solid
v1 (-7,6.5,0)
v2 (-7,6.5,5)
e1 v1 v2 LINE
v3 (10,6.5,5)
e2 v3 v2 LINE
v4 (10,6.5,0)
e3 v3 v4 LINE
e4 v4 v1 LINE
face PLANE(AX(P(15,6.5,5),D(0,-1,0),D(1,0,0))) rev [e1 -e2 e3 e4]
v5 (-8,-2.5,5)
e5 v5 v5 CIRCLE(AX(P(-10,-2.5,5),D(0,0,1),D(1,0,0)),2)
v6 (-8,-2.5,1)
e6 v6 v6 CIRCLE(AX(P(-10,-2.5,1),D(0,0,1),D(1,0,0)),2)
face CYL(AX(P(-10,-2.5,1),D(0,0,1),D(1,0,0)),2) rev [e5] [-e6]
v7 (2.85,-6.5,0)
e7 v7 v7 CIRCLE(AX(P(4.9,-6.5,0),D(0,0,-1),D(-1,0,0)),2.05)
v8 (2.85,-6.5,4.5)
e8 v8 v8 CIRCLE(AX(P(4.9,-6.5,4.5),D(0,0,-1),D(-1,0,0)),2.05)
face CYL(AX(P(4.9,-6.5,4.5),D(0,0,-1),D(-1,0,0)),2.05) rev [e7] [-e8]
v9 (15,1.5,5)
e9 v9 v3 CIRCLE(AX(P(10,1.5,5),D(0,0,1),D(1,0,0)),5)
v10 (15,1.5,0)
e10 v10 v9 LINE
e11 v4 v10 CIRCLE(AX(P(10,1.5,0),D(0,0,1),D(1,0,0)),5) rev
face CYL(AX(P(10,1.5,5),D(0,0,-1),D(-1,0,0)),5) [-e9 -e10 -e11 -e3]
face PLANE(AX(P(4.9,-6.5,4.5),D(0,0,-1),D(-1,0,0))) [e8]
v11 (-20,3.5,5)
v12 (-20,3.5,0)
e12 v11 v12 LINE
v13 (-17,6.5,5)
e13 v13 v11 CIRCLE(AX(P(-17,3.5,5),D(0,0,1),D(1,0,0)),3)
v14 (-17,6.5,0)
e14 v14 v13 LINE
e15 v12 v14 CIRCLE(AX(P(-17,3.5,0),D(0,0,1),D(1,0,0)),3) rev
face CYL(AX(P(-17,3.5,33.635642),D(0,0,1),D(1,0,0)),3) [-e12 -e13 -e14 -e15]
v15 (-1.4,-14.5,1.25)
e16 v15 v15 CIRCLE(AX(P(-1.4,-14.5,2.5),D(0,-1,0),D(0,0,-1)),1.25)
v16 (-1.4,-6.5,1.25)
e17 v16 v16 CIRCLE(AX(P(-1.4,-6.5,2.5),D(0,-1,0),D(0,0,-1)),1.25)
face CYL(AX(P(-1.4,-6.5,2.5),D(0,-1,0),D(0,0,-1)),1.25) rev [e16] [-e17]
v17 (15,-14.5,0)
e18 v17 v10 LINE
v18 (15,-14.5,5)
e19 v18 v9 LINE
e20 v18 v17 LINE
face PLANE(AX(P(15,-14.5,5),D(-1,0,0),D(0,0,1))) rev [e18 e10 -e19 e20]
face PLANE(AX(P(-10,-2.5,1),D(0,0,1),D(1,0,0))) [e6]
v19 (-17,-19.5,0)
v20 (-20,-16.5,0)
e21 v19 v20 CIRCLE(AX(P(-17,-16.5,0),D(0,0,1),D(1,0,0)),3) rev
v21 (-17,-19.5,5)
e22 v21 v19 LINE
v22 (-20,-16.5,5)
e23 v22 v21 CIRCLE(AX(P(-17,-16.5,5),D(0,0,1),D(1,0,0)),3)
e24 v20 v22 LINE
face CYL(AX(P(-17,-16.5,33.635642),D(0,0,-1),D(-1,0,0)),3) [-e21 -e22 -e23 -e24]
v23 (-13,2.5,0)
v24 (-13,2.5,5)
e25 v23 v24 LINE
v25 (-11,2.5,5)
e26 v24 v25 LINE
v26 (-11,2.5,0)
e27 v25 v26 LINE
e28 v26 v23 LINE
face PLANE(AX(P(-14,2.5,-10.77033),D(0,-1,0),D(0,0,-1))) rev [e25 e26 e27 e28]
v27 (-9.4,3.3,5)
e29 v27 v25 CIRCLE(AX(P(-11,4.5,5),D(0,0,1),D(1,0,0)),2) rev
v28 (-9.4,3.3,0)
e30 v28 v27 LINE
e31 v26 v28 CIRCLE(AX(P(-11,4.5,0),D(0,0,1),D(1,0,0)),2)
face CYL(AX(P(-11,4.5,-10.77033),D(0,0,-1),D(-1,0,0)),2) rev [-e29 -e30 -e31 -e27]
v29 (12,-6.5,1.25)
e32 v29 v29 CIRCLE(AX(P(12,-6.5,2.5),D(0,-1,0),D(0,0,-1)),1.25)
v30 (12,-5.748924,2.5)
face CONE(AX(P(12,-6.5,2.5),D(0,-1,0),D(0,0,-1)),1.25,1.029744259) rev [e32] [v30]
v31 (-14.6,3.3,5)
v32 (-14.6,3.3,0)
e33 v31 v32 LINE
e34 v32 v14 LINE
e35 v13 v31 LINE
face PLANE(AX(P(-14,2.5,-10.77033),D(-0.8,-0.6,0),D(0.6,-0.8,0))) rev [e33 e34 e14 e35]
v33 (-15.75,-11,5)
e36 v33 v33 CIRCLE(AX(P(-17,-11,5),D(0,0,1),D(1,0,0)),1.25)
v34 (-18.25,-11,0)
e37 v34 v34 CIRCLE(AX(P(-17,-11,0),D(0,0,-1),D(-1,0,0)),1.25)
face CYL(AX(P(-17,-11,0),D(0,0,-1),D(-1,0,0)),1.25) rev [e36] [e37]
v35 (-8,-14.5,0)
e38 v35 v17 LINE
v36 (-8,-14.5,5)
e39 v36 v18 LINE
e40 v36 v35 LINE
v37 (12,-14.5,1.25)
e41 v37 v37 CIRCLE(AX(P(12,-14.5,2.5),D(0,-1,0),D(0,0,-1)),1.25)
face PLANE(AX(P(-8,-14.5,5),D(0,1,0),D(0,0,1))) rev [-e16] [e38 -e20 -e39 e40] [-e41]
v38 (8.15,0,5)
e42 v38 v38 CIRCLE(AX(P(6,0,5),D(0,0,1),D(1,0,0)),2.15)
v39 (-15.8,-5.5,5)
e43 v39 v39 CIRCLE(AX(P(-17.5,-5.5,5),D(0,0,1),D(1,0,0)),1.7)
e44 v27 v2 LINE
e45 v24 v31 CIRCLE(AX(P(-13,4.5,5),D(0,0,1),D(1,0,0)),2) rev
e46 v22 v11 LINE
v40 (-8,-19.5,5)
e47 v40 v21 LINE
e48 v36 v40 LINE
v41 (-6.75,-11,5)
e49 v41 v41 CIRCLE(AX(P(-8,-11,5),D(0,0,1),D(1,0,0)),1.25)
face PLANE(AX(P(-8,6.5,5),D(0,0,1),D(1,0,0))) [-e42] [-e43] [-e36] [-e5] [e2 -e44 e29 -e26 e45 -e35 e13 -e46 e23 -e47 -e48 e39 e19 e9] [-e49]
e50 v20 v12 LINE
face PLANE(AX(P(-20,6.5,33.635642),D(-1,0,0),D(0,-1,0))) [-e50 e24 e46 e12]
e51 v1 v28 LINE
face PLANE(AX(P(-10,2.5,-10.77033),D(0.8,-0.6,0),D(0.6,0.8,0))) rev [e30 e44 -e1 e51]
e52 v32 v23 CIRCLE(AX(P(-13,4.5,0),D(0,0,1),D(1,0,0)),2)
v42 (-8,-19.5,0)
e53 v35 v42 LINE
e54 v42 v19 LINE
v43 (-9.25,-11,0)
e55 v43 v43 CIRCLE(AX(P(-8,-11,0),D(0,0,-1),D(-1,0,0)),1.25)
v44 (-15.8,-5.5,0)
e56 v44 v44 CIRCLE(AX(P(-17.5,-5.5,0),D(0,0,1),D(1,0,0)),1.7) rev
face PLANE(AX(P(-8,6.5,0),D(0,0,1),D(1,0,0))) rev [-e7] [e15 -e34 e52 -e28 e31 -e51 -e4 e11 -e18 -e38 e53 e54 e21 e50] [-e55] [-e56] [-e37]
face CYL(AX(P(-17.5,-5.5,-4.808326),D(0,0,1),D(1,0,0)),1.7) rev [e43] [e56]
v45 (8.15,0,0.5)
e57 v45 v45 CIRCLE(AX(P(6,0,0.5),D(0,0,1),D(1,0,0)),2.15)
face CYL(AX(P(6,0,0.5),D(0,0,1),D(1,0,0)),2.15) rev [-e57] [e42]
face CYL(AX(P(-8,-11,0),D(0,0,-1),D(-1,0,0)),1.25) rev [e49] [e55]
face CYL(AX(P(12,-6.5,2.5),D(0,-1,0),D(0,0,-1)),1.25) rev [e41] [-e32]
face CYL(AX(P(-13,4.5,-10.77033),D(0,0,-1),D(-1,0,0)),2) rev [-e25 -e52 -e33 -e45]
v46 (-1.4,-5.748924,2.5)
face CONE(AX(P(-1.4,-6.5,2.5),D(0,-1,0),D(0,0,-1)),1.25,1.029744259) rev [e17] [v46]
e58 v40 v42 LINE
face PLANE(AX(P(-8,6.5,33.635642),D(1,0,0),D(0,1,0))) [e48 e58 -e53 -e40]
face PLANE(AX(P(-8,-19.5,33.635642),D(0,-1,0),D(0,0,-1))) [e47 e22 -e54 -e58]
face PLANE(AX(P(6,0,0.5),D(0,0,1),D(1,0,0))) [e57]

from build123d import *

# Parameters (mm, degrees)
SKETCH1_W             = 23
SKETCH1_H             = 21
EXTRUDE1_DEPTH        = 5
SKETCH2_R             = 2.15
EXTRUDE2_DEPTH        = 4.5
SKETCH4_R             = 1.25
EXTRUDE4_DEPTH        = 8
FILLET1_R             = 5
SKETCH6_R             = 2.05
EXTRUDE6_DEPTH        = 4.5
SKETCH9_W             = 12
SKETCH9_H             = 26
EXTRUDE9_DEPTH        = 5
SKETCH11_R            = 1.7
EXTRUDE11_DEPTH       = 5
SKETCH10_R            = 2
EXTRUDE10_DEPTH       = 4
M3_TAPPED_HOLE1_D     = 2.5
M3_TAPPED_HOLE1_DEPTH = 8
M3_TAPPED_HOLE1_TIP   = 0.751075774
FILLET3_R             = 3
EXTRUDE15_DEPTH       = 5
FILLET6_R             = 2
SKETCH16_R            = 0.75
EXTRUDE16_DEPTH       = 5
M3_TAPPED_HOLE2_D     = 2.5
M3_TAPPED_HOLE2_DEPTH = 7.5
M3_TAPPED_HOLE2_TIP   = 0.751075774


with BuildPart() as part:
    # Sketch1 → Extrude1 (new body)
    with BuildSketch(Plane.XY):
        with Locations((3.5, -4)):
            Rectangle(SKETCH1_W, SKETCH1_H)
    extrude(amount=EXTRUDE1_DEPTH)

    # Sketch2 → Extrude2 (cut)
    with BuildSketch(Plane.XY.offset(5)):
        with Locations((6, 0)):
            Circle(SKETCH2_R)
    extrude(amount=-EXTRUDE2_DEPTH, mode=Mode.SUBTRACT)

    # Sketch4 → Extrude4 (cut)
    with BuildSketch(Plane.XZ.offset(14.5)):
        with Locations(Location((-1.4, 2.5, 0), (0, 0, 270))):
            Circle(SKETCH4_R)
        with Locations(Location((12, 2.5, 0), (0, 0, 270))):
            Circle(SKETCH4_R)
    extrude(amount=-EXTRUDE4_DEPTH, mode=Mode.SUBTRACT)

    # Fillet1
    fillet1_edges = [part.edges().sort_by_distance(p)[0] for p in [
        (15, 6.5, 2.5),
    ]]
    fillet(fillet1_edges, radius=FILLET1_R)

    # Sketch6 → Extrude6 (cut)
    with BuildSketch(Plane(origin=(0, 0, 0), x_dir=(-1, 0, 0), z_dir=(0, 0, -1))):
        with Locations((-4.9, -6.5)):
            Circle(SKETCH6_R)
    extrude(amount=-EXTRUDE6_DEPTH, mode=Mode.SUBTRACT)

    # Sketch9 → Extrude9 (add)
    with BuildSketch(Plane(origin=(0, 0, 0), x_dir=(-1, 0, 0), z_dir=(0, 0, -1))):
        with Locations((14, -6.5)):
            Rectangle(SKETCH9_W, SKETCH9_H)
    extrude(amount=-EXTRUDE9_DEPTH)

    # Sketch11 → Extrude11 (cut)
    with BuildSketch(Plane.XY.offset(5)):
        with Locations((-17.5, -5.5)):
            Circle(SKETCH11_R)
    extrude(amount=-EXTRUDE11_DEPTH, mode=Mode.SUBTRACT)

    # Sketch10 → Extrude10 (cut)
    with BuildSketch(Plane.XY.offset(5)):
        with Locations((-10, -2.5)):
            Circle(SKETCH10_R)
    extrude(amount=-EXTRUDE10_DEPTH, mode=Mode.SUBTRACT)

    # M3 Tapped Hole1
    with Locations(Plane(origin=(-1.4, -14.5, 2.5), x_dir=(0, 0, -1), z_dir=(0, -1, 0))):
        with Locations((0, 0), (0, 13.4)):
            Hole(M3_TAPPED_HOLE1_D / 2, depth=M3_TAPPED_HOLE1_DEPTH)
            with Locations((0, 0, -(M3_TAPPED_HOLE1_DEPTH + M3_TAPPED_HOLE1_TIP / 2))):  # 118° drill point
                Cone(0, M3_TAPPED_HOLE1_D / 2, M3_TAPPED_HOLE1_TIP, mode=Mode.SUBTRACT)

    # Fillet3
    fillet3_edges = [part.edges().sort_by_distance(p)[0] for p in [
        (-20, -19.5, 2.5),
        (-20, 6.5, 2.5),
    ]]
    fillet(fillet3_edges, radius=FILLET3_R)

    # Sketch15 → Extrude15 (cut)
    with BuildSketch(Plane.XY.offset(5)):
        Polygon((-14, 2.5), (-17, 6.5), (-7, 6.5), (-10, 2.5), align=None)
    extrude(amount=-EXTRUDE15_DEPTH, mode=Mode.SUBTRACT)

    # Fillet6
    fillet6_edges = [part.edges().sort_by_distance(p)[0] for p in [
        (-10, 2.5, 2.5),
        (-14, 2.5, 2.5),
    ]]
    fillet(fillet6_edges, radius=FILLET6_R)

    # Sketch16 → Extrude16 (cut)
    with BuildSketch(Plane(origin=(0, 0, 0), x_dir=(-1, 0, 0), z_dir=(0, 0, -1))):
        with Locations((17, -11)):
            Circle(SKETCH16_R)
        with Locations((8, -11)):
            Circle(SKETCH16_R)
    extrude(amount=-EXTRUDE16_DEPTH, mode=Mode.SUBTRACT)

    # M3 Tapped Hole2
    with Locations(Plane(origin=(-8, -11, 0), x_dir=(-1, 0, 0), z_dir=(0, 0, -1))):
        with Locations((0, 0), (9, 0)):
            Hole(M3_TAPPED_HOLE2_D / 2, depth=M3_TAPPED_HOLE2_DEPTH)
            with Locations((0, 0, -(M3_TAPPED_HOLE2_DEPTH + M3_TAPPED_HOLE2_TIP / 2))):  # 118° drill point
                Cone(0, M3_TAPPED_HOLE2_D / 2, M3_TAPPED_HOLE2_TIP, mode=Mode.SUBTRACT)


solid = part.part
